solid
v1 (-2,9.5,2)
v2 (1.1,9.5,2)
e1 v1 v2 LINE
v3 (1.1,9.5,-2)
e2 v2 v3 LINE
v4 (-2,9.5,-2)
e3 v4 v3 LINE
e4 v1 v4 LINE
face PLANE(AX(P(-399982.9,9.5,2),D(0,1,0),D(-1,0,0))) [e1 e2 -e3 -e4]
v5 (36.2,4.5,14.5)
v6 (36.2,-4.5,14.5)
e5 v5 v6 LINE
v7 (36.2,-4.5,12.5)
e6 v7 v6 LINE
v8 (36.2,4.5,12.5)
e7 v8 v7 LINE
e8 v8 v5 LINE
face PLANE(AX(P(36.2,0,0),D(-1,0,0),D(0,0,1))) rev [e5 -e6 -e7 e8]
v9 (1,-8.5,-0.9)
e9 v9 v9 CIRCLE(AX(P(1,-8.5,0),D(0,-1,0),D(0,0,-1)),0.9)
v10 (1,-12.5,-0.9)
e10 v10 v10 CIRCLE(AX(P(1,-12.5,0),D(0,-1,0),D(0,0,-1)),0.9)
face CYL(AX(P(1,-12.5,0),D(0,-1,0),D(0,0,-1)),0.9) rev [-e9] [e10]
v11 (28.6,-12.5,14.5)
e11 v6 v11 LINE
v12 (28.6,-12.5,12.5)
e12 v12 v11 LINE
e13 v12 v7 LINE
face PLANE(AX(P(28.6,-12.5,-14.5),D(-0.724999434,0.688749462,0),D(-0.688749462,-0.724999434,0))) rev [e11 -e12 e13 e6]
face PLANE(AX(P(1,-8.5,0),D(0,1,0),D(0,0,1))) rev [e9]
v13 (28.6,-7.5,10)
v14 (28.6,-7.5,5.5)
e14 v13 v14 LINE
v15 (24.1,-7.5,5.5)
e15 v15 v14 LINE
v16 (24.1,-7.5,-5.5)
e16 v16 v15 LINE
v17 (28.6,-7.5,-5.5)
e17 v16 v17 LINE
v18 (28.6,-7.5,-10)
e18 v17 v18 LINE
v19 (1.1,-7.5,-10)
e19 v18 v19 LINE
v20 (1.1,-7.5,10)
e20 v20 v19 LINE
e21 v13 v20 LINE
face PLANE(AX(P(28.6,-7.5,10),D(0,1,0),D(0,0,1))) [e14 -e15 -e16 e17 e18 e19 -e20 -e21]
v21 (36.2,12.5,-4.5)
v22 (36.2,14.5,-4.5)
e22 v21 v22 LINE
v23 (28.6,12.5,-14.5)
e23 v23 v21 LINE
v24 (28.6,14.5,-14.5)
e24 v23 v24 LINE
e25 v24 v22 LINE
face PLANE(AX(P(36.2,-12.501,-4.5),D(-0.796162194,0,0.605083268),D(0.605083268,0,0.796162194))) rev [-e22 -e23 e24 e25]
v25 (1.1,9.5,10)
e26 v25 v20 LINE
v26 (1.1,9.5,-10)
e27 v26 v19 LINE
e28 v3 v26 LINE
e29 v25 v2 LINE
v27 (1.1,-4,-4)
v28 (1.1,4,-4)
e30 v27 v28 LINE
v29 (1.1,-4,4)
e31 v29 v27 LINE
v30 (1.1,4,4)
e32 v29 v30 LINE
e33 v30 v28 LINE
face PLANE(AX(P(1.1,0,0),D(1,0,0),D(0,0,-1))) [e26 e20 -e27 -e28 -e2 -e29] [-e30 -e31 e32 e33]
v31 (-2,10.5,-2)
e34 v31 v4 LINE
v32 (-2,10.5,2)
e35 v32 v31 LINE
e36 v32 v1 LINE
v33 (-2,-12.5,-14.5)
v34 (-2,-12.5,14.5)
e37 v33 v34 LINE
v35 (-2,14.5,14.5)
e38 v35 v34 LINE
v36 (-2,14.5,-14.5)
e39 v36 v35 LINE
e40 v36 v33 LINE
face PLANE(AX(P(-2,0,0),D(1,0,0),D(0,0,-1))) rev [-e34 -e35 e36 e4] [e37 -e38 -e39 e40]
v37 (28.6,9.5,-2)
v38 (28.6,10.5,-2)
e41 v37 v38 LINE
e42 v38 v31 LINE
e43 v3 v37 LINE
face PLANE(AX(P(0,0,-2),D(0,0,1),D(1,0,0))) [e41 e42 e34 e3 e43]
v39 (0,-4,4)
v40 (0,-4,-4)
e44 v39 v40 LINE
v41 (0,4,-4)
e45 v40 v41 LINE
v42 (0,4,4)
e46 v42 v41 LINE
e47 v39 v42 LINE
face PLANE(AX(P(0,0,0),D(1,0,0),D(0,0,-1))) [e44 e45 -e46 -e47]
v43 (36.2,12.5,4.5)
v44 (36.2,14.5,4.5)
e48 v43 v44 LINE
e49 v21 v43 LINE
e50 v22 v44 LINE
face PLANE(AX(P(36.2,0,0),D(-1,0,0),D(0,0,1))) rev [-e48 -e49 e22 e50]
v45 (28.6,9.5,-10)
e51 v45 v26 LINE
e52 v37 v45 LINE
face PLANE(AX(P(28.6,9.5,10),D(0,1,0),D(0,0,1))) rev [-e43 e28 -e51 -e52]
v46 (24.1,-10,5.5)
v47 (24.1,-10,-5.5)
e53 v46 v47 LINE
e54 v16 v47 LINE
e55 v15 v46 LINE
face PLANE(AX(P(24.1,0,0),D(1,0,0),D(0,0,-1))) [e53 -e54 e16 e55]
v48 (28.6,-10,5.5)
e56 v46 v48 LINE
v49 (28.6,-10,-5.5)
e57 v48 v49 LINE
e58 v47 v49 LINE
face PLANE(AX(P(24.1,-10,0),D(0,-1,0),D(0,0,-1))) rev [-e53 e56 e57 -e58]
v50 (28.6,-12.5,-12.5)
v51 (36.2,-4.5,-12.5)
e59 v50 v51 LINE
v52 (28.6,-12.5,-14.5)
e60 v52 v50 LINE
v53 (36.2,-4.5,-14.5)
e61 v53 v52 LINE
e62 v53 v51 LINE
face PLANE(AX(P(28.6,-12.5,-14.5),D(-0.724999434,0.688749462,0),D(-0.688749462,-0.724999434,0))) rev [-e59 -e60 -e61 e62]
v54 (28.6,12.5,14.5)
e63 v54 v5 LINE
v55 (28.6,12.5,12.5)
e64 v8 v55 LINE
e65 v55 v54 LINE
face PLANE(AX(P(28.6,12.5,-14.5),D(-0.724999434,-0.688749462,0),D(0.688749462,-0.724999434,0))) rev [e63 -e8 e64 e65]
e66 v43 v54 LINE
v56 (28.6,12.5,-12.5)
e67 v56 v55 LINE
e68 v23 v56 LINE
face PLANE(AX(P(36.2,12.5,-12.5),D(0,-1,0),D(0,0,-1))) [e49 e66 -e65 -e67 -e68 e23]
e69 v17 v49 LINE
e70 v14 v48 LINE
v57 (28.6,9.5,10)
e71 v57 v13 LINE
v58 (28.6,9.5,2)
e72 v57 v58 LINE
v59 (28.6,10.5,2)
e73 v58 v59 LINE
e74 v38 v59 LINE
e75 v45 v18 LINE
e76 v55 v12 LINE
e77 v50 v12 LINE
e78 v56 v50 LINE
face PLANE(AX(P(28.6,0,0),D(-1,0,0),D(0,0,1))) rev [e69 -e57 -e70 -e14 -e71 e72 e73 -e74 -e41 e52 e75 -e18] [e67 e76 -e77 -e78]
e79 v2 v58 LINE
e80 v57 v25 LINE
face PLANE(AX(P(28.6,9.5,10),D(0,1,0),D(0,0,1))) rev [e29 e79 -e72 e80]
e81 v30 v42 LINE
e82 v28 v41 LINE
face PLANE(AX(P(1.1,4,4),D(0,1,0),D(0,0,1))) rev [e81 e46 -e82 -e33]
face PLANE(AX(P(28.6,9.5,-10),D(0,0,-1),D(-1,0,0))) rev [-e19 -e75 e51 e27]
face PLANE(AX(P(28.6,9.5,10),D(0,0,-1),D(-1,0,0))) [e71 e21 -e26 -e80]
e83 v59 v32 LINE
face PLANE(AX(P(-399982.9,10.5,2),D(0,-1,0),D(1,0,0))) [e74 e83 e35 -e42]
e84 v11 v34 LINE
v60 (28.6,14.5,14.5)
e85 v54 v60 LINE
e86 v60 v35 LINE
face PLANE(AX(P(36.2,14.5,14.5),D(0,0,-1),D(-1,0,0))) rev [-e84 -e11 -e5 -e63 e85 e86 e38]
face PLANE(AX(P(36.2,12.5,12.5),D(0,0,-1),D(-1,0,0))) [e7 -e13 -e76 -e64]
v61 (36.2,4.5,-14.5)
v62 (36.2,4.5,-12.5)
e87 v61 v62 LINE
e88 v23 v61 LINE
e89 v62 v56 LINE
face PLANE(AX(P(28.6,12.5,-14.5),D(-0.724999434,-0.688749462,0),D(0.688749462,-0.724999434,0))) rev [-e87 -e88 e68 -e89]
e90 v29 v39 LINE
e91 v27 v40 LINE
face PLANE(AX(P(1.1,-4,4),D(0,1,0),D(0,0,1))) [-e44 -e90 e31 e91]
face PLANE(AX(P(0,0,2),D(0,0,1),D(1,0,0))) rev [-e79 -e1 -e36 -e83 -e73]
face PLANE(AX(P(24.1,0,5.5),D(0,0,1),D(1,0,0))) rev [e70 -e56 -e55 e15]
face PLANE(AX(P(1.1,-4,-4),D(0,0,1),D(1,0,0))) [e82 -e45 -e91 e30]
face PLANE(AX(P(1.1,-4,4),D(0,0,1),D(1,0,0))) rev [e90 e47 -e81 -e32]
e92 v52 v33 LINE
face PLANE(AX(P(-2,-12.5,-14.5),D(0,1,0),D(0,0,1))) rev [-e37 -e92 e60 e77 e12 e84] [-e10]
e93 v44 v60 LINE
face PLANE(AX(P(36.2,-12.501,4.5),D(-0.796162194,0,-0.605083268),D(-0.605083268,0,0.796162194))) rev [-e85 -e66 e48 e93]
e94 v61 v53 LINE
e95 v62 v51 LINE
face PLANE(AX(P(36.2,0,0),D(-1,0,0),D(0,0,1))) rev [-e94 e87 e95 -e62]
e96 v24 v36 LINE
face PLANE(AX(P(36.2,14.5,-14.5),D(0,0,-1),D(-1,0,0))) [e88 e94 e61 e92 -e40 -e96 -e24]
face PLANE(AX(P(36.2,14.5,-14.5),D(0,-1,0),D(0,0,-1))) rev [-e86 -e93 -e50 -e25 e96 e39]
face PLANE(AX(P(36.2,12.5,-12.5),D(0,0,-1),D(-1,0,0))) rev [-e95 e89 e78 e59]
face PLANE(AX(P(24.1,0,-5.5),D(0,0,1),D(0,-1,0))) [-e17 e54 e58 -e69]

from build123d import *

# Parameters (mm, degrees)
SKETCH_1_W               = 29
SKETCH_1_H               = 29
SKETCH_1_W_2             = 25
SKETCH_1_H_2             = 25
EXTRUDE_1_DEPTH          = 36.2
SKETCH_1_3_W             = 25
SKETCH_1_3_H             = 25
SKETCH_1_3_W_2           = 20
SKETCH_1_3_H_2           = 17
EXTRUDE_2_DEPTH          = 28.6
SKETCH_1_4_W             = 29
SKETCH_1_4_H             = 29
EXTRUDE_3_DEPTH          = 2
SKETCH_1_5_W             = 20
SKETCH_1_5_H             = 17
SKETCH_1_5_W_2           = 8
SKETCH_1_5_H_2           = 8
EXTRUDE_4_DEPTH          = 1.1
CUT_EXTRUDE_1_DEPTH      = 49.597222143
CUT_EXTRUDE_2_REACH      = 49.431
CUT_EXTRUDE_3_DEPTH      = 2
CUT_EXTRUDE_3_DEPTH_BACK = 2
CUT_EXTRUDE_3_START      = -14.5
SKETCH_7_W               = 50
SKETCH_7_H               = 1
HOLE_WIZARD_1_D          = 1.8
HOLE_WIZARD_1_DEPTH      = 4
CUT_EXTRUDE_4_DEPTH      = 4.5


with BuildPart() as part:
    # 草图1 → 凸台-拉伸1 (new body)
    with BuildSketch(Plane(origin=(0, 0, 0), x_dir=(0, 0, -1), z_dir=(1, 0, 0))):
        Rectangle(SKETCH_1_W, SKETCH_1_H)
        Rectangle(SKETCH_1_W_2, SKETCH_1_H_2, mode=Mode.SUBTRACT)
    extrude(amount=EXTRUDE_1_DEPTH)

    # 草图1<3> → 凸台-拉伸2 (add)
    with BuildSketch(Plane(origin=(0, 0, 0), x_dir=(0, 0, -1), z_dir=(1, 0, 0))):
        Rectangle(SKETCH_1_3_W, SKETCH_1_3_H)
        with Locations((0, 1)):
            Rectangle(SKETCH_1_3_W_2, SKETCH_1_3_H_2, mode=Mode.SUBTRACT)
    extrude(amount=EXTRUDE_2_DEPTH)

    # 草图1<4> → 凸台-拉伸3 (add)
    with BuildSketch(Plane(origin=(0, 0, 0), x_dir=(0, 0, -1), z_dir=(1, 0, 0))):
        Rectangle(SKETCH_1_4_W, SKETCH_1_4_H)
    extrude(amount=-EXTRUDE_3_DEPTH)

    # 草图1<5> → 凸台-拉伸4 (add)
    with BuildSketch(Plane(origin=(0, 0, 0), x_dir=(0, 0, -1), z_dir=(1, 0, 0))):
        with Locations((0, 1)):
            Rectangle(SKETCH_1_5_W, SKETCH_1_5_H)
        Rectangle(SKETCH_1_5_W_2, SKETCH_1_5_H_2, mode=Mode.SUBTRACT)
    extrude(amount=EXTRUDE_4_DEPTH)

    # 草图4 → 切除-拉伸1 (cut, through all)
    with BuildSketch(Plane.XY.offset(14.5)):
        Polygon((-2, -12.5), (28.6, -12.5), (36.2, -4.5), (36.2, -14.5), (-2, -14.5), align=None)
        Polygon((36.2, 12.5), (28.6, 12.5), (36.2, 4.5), align=None)
    extrude(amount=-CUT_EXTRUDE_1_DEPTH, mode=Mode.SUBTRACT)

    # 草图6 → 切除-拉伸2 (cut, up to next)
    with BuildSketch(Plane(origin=(0, 14.5, 0), x_dir=(1, 0, 0), z_dir=(0, 1, 0)), mode=Mode.PRIVATE) as cut_extrude_2_sk1:
        Polygon((28.6, 14.5), (36.2, 14.5), (36.2, 4.5), align=None)
    cut_extrude_2_tool1 = extrude(cut_extrude_2_sk1.sketch, amount=-CUT_EXTRUDE_2_REACH, mode=Mode.PRIVATE) & part.part
    # 草图6 → 切除-拉伸2 (cut, up to next)
    with BuildSketch(Plane(origin=(0, 14.5, 0), x_dir=(1, 0, 0), z_dir=(0, 1, 0)), mode=Mode.PRIVATE) as cut_extrude_2_sk2:
        Polygon((36.2, -14.5), (36.2, -4.5), (28.6, -14.5), align=None)
    cut_extrude_2_tool2 = extrude(cut_extrude_2_sk2.sketch, amount=-CUT_EXTRUDE_2_REACH, mode=Mode.PRIVATE) & part.part
    add(cut_extrude_2_tool1.solids().sort_by_distance((33.666667, 14.5, -11.166667))[0], mode=Mode.SUBTRACT)
    add(cut_extrude_2_tool2.solids().sort_by_distance((33.666667, 14.5, 11.166667))[0], mode=Mode.SUBTRACT)

    # 草图7 → 切除-拉伸3 (cut, two sides: drawn at the far end of the back side and taken through both)
    with BuildSketch(Plane.XY.offset(14.5).offset(CUT_EXTRUDE_3_START - CUT_EXTRUDE_3_DEPTH_BACK)):
        with Locations((23, 10)):
            Rectangle(SKETCH_7_W, SKETCH_7_H)
    extrude(amount=CUT_EXTRUDE_3_DEPTH + CUT_EXTRUDE_3_DEPTH_BACK, mode=Mode.SUBTRACT)

    # 孔1
    with Locations(Plane(origin=(0, -12.5, 0), x_dir=(-1, 0, 0), z_dir=(0, -1, 0))):
        with Locations((-1, 0)):
            Hole(HOLE_WIZARD_1_D / 2, depth=HOLE_WIZARD_1_DEPTH)

    # 草图11 → 切除-拉伸4 (cut)
    with BuildSketch(Plane(origin=(28.6, 0, 0), x_dir=(0, 0, -1), z_dir=(1, 0, 0))):
        Polygon((0, -7.5), (-5.5, -7.5), (-5.5, -10), (5.5, -10), (5.5, -7.5), align=None)
    extrude(amount=-CUT_EXTRUDE_4_DEPTH, mode=Mode.SUBTRACT)


solid = part.part
